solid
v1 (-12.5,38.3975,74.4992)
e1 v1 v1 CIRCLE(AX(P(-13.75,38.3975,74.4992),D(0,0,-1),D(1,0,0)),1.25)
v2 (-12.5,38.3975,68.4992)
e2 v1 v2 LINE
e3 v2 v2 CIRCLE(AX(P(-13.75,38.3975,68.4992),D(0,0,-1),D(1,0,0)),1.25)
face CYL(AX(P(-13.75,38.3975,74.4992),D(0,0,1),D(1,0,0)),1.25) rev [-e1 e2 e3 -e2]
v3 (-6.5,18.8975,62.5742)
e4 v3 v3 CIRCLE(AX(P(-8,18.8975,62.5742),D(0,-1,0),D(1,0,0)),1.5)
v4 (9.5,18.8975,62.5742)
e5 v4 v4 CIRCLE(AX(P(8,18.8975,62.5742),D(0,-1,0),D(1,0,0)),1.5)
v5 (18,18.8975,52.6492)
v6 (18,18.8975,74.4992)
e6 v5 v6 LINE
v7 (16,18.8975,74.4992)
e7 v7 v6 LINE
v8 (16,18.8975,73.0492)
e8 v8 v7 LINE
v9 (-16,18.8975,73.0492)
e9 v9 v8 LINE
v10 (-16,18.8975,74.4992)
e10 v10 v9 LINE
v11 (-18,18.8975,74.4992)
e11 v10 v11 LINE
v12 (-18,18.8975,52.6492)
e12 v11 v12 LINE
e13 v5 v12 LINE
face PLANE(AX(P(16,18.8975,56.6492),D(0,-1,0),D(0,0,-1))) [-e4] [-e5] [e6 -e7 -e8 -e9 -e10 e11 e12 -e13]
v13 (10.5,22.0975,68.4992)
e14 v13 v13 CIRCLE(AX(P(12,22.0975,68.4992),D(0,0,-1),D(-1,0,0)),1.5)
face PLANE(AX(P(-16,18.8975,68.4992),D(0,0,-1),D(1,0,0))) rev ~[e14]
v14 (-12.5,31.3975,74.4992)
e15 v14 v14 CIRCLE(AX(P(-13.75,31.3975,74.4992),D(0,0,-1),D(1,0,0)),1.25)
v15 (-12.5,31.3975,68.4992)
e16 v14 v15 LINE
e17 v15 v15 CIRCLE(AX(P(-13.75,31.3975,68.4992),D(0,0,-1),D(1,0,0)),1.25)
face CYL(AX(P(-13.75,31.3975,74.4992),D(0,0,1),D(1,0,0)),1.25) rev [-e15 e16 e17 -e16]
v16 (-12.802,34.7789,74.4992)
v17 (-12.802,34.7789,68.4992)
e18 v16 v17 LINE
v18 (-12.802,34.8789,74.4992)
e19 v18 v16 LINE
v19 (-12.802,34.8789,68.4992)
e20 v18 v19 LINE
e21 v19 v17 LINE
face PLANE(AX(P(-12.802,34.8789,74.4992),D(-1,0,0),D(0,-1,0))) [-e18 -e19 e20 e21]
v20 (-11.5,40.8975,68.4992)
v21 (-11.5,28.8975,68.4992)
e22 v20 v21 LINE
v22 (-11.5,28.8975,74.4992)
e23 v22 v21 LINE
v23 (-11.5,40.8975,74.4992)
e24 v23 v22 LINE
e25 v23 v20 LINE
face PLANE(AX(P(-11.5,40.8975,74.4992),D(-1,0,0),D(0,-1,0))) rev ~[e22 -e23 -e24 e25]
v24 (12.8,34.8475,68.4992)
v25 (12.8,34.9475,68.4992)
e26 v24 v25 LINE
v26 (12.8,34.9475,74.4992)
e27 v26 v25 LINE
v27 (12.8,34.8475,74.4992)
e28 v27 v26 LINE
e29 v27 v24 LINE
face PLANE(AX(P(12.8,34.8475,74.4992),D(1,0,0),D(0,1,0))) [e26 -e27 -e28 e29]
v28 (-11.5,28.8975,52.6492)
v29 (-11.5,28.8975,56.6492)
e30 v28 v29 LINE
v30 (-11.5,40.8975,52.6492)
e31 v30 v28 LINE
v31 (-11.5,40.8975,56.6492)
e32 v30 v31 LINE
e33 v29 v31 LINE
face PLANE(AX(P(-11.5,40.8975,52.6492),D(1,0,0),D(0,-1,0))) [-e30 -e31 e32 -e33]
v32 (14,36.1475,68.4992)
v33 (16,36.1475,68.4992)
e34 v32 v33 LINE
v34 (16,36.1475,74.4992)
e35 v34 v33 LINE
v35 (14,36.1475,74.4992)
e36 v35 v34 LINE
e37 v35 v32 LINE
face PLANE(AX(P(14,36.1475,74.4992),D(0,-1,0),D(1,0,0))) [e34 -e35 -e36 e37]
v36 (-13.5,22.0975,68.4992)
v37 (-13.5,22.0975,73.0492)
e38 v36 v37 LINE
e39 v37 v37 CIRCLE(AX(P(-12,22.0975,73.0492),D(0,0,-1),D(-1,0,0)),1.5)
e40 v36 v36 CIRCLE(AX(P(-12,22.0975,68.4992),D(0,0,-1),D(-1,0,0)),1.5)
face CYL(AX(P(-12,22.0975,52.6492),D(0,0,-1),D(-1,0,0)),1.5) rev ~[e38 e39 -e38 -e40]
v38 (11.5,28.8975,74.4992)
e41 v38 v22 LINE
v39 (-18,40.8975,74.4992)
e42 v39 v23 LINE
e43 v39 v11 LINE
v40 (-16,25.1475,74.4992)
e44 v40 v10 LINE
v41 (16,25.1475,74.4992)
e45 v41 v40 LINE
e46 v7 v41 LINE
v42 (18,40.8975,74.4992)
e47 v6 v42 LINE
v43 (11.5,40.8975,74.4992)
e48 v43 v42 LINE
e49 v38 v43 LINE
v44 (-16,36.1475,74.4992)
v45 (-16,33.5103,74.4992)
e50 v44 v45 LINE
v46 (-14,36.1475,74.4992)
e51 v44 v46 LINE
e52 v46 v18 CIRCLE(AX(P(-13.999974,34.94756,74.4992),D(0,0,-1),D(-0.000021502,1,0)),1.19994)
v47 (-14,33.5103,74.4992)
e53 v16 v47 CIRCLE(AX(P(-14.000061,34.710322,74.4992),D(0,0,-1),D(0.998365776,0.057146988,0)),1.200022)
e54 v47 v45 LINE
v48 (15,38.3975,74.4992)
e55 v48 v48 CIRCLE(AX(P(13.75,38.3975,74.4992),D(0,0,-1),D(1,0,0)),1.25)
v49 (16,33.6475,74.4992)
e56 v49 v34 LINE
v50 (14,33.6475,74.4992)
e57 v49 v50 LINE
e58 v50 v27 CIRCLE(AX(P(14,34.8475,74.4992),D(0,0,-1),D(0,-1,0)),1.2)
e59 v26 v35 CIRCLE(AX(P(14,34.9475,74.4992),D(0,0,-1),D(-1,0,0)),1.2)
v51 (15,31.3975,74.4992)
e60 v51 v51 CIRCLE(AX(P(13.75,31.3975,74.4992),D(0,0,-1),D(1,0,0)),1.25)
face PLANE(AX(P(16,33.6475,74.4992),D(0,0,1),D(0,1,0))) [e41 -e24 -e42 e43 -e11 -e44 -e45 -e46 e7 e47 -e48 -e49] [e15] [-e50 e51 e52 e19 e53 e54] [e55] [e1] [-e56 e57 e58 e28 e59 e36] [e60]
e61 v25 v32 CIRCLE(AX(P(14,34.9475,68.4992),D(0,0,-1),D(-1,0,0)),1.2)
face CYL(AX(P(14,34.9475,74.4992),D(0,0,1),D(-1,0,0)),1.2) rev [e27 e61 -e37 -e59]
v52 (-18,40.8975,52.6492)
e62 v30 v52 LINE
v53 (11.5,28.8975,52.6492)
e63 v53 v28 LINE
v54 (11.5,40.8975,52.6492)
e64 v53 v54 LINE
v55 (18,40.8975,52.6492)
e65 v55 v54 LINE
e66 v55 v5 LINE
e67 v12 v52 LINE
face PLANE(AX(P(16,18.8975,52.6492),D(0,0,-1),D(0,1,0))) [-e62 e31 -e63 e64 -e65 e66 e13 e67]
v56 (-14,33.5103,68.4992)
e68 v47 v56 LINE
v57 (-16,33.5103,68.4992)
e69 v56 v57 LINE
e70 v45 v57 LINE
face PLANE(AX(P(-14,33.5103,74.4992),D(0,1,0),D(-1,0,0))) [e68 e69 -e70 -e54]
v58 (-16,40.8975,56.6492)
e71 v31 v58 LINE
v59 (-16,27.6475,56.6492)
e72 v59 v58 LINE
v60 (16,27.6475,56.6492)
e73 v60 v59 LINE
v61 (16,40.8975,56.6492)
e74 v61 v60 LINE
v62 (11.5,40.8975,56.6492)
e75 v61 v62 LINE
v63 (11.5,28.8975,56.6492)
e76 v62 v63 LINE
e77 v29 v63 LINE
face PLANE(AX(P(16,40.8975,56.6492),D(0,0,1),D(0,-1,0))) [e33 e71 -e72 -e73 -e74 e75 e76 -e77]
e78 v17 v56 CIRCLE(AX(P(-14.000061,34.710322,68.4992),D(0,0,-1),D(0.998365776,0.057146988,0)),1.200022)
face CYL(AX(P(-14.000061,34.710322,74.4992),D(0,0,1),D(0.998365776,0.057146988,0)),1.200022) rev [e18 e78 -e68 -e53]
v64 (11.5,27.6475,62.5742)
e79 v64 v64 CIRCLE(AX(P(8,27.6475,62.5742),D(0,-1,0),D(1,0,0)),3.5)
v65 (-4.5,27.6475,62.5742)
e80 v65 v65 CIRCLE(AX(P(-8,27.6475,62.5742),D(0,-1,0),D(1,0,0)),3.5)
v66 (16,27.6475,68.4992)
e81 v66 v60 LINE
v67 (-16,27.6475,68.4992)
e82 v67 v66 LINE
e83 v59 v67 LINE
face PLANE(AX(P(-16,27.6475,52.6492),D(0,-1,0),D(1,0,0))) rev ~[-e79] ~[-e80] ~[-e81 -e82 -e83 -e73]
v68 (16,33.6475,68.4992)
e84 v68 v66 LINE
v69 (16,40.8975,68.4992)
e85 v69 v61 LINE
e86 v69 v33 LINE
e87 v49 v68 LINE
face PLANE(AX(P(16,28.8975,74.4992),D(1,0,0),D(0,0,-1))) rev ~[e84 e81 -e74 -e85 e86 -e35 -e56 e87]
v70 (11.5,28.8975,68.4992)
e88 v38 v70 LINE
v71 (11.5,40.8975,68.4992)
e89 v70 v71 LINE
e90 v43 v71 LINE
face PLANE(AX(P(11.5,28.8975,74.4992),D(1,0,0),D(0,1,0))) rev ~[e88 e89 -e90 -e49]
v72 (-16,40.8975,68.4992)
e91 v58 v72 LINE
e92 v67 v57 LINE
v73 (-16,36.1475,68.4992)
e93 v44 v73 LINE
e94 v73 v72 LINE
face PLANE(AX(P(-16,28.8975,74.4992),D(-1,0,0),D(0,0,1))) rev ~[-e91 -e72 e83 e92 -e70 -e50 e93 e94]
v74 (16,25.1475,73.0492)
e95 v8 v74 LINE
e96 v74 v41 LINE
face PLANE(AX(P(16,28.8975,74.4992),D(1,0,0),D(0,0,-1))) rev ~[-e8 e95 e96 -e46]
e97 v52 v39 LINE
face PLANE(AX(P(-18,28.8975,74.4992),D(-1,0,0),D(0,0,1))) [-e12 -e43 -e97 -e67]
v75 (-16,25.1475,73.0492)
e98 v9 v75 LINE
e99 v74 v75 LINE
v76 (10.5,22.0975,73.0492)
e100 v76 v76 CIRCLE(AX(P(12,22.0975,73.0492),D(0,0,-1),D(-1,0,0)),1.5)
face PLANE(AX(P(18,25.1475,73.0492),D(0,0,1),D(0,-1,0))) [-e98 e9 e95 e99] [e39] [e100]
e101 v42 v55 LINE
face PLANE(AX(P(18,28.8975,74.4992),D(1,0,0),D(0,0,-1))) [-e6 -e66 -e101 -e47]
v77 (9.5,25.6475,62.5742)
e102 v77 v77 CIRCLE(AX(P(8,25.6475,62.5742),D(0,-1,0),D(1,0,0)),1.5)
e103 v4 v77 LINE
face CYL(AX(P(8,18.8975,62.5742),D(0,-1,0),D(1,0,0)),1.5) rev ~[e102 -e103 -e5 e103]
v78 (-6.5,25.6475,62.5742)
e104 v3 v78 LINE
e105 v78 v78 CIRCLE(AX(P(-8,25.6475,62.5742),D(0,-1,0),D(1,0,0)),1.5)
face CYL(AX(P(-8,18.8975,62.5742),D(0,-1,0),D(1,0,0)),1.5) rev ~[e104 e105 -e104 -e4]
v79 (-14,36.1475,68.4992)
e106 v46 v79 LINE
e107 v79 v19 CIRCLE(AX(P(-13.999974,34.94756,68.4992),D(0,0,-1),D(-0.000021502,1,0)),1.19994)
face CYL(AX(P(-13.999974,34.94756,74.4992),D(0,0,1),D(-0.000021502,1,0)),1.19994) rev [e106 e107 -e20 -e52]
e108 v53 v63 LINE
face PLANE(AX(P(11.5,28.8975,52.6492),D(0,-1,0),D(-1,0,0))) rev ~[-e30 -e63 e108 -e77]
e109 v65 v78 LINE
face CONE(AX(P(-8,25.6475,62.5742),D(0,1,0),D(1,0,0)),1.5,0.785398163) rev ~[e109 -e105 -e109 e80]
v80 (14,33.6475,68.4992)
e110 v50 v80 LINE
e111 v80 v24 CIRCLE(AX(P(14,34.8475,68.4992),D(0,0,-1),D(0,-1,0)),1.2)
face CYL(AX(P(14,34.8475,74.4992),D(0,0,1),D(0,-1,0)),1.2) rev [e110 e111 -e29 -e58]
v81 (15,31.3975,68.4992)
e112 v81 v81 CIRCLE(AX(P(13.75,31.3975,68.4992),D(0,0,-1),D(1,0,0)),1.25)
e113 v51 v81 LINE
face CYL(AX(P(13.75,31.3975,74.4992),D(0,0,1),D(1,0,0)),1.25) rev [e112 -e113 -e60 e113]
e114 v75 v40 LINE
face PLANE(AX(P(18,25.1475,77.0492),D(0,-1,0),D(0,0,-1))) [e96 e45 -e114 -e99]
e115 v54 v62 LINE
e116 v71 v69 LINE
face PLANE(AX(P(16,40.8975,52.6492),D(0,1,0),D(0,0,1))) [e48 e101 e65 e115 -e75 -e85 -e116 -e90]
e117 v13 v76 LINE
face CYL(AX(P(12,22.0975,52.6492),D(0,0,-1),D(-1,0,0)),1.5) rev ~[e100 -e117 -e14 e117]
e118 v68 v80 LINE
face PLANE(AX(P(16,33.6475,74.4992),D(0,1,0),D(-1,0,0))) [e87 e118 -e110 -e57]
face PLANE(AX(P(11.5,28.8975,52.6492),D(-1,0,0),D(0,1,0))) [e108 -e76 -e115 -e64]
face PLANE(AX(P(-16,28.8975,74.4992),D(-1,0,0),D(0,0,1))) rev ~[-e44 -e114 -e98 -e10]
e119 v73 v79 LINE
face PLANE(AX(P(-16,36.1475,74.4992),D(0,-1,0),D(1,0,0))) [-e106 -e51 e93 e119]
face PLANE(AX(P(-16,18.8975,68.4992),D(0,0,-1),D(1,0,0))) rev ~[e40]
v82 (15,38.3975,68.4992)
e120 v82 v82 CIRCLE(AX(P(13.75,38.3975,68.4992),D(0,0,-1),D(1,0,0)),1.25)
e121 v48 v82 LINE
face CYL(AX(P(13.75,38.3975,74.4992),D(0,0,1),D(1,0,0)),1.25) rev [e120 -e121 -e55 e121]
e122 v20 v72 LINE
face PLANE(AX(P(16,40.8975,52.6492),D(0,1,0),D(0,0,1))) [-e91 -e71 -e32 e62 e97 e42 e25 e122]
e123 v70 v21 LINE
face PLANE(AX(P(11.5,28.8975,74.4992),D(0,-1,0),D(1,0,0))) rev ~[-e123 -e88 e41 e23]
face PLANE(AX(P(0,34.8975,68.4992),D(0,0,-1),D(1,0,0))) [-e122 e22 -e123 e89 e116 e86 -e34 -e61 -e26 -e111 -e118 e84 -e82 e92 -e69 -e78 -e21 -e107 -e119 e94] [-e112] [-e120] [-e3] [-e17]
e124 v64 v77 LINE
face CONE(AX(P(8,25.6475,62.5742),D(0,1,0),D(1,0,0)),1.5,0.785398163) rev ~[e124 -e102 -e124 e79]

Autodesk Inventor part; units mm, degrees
ref_plane "РабПлоскость1" through (0, 34.8975, 74.4992) normal (0, 0, -1) x (1, 0, 0)
sketch "Эскиз1" plane through (0, 34.8975, 74.4992) normal (0, 0, -1) x (1, 0, 0)
  line L0 (11.5, 6) -> (11.5, -6) projected
  line L1 (15, -6) -> (11.5, -6) projected
  arc A0 (15, -6) -> (16, -5) centre (15, -5) ccw projected
  line L2 (16, -1.25) -> (16, -5) projected
  line L3 (14, -1.25) -> (16, -1.25) projected
  arc A1 (12.8, -0.05) -> (14, -1.25) centre (14, -0.05) ccw projected
  line L4 (12.8, 0.05) -> (12.8, -0.05) projected
  arc A2 (14, 1.25) -> (12.8, 0.05) centre (14, 0.05) ccw projected
  line L5 (16, 1.25) -> (14, 1.25) projected
  line L6 (16, 5) -> (16, 1.25) projected
  arc A3 (16, 5) -> (15, 6) centre (15, 5) ccw projected
  line L7 (11.5, 6) -> (15, 6) projected
  circle A4 centre (13.75, 3.5) radius 1.25 projected
  circle A5 centre (13.75, -3.5) radius 1.25 projected
  line L8 (-11.5, -6) -> (-11.5, 6) projected
  line L9 (-15, 6) -> (-11.5, 6) projected
  arc A6 (-15, 6) -> (-16, 5) centre (-15, 5) ccw projected
  line L10 (-16, 1.3872) -> (-16, 5) projected
  line L11 (-14, 1.3872) -> (-16, 1.3872) projected
  arc A7 (-12.802, 0.1186) -> (-14, 1.3872) centre (-14, 0.1872) ccw projected
  line L12 (-12.802, 0.0186) -> (-12.802, 0.1186) projected
  arc A8 (-14, -1.25) -> (-12.802, 0.0186) centre (-14, -0.05) ccw projected
  line L13 (-16, -1.25) -> (-14, -1.25) projected
  line L14 (-16, -5) -> (-16, -1.25) projected
  arc A9 (-16, -5) -> (-15, -6) centre (-15, -5) ccw projected
  line L15 (-11.5, -6) -> (-15, -6) projected
  circle A10 centre (-13.75, 3.5) radius 1.25 projected
  circle A11 centre (-13.75, -3.5) radius 1.25 projected
  line L16 (16, 5) -> (16, 6)
  line L17 (16, 6) -> (15, 6)
  line L18 (-16, 5) -> (-16, 6)
  line L19 (-16, 6) -> (-15, 6)
  line L20 (16, -5) -> (16, -6)
  line L21 (16, -6) -> (15, -6)
  line L22 (-16, -5) -> (-16, -6)
  line L23 (-16, -6) -> (-15, -6)
  point P0 (0, 34.8975)
extrude "Выдавливание1" add sketch "Эскиз1" along normal blind 6
sketch "Эскиз3" plane through (11.5, 28.8975, 74.4992) normal (0, -1, 0) x (1, 0, 0)
  line L0 (-23, 0) -> (-23, -6) projected
  line L1 (-23, -6) -> (-23, 0)
  line L2 (-23, 0) -> (-27.5, 0)
  line L3 (0, -6) -> (-23, -6)
  line L4 (-23, -6) -> (-23, 0)
  line L5 (-23, 0) -> (0, 0)
  line L6 (-23, -6) -> (-27.5, -6) projected
  line L7 (-23, -6) -> (-27.5, -6)
  line L8 (-27.5, -6) -> (-27.5, 0)
  line L9 (0, 0) -> (4.5, 0)
  line L10 (0, -6) -> (0, 0)
  line L11 (4.5, 0) -> (4.5, -6)
  line L12 (4.5, -6) -> (0, -6)
  point P0 (-11.5, -74.4992)
  point P1 (4.5, 0)
extrude "Выдавливание2" add sketch "Эскиз3" along normal blind 30
ref_plane "РабПлоскость2" through (-11.5, 28.8975, 52.6492) normal (0, 0, -1) x (0, 1, 0)
ref_plane "РабПлоскость3" through (-11.5, 28.8975, 52.6492) normal (0, 0, -1) x (0, 1, 0)
ref_plane "РабПлоскость6" through (-16, 2.8975, 68.4992) normal (0, 1, 0) x (1, 0, 0)
ref_plane "РабПлоскость4" through (-15, 28.8975, 52.6492) normal (0, -1, 0) x (1, 0, 0)
ref_plane "РабПлоскость8" through (-16, 2.8975, 68.4992) normal (0, 1, 0) x (1, 0, 0)
ref_plane "РабПлоскость5" through (-16, 2.8975, 68.4992) normal (0, 1, 0) x (1, 0, 0)
ref_plane "РабПлоскость7" through (16, 28.8975, 74.4992) normal (1, 0, 0) x (0, 0, -1)
ref_plane "РабПлоскость9" through (16, 28.8975, 74.4992) normal (-1, 0, 0) x (0, 0, 1)
ref_plane "РабПлоскость10" through (-16, 28.8975, 74.4992) normal (-1, 0, 0) x (0, 0, 1)
sketch "Эскиз14" plane through (11.5, -1.1025, 74.4992) normal (0, -1, 0) x (1, 0, 0)
  circle A0 centre (-3.5, -11.925) radius 2 projected
  circle A1 centre (-19.5, -11.925) radius 2 projected
  circle A2 centre (-3.5, -11.925) radius 1.5
  circle A3 centre (-19.5, -11.925) radius 1.5
  point P0 (-11.5, -74.4992)
  dimension "d38" = 3
  dimension "d39" = 3
extrude "Выдавливание12" add sketch "Эскиз14" against normal blind 4
ref_plane "РабПлоскость14" through (18, 28.8975, 74.4992) normal (1, 0, 0) x (0, 0, -1)
sketch "Эскиз15" plane through (18, 28.8975, 74.4992) normal (1, 0, 0) x (0, 0, -1)
  line L0 (1.45, -3.75) -> (1.45, -63.75) projected
  line L1 (-2.55, -3.75) -> (1.45, -3.75) projected
  line L2 (-2.55, -3.75) -> (1.45, -3.75)
  line L3 (1.45, -3.75) -> (1.45, -34.5952)
  line L4 (1.45, -34.5952) -> (-2.55, -34.5952)
  line L5 (-2.55, -34.5952) -> (-2.55, -3.75)
  point P0 (74.4992, -28.8975)
extrude "Выдавливание13" cut sketch "Эскиз15" against normal blind 100
ref_plane "РабПлоскость13" through (16, 2.8975, 68.4992) normal (0, 1, 0) x (1, 0, 0)
ref_plane "РабПлоскость12" through (-18, 28.8975, 74.4992) normal (-1, 0, 0) x (0, 0, 1)
ref_plane "РабПлоскость11" through (16, 28.8975, 52.6492) normal (0, 0, -1) x (-1, 0, 0)
sketch "Эскиз18" plane through (16, 28.8975, 52.6492) normal (0, 0, -1) x (-1, 0, 0)
  circle A0 centre (4, -6.8) radius 1.5 projected
  circle A1 centre (28, -6.8) radius 1.5 projected
  point P0 (16, -28.8975)
extrude "Выдавливание16" cut sketch "Эскиз18" along normal mid plane 73
sketch "Эскиз19" plane through (0, 34.8975, 68.4992) normal (0, 0, -1) x (-1, 0, 0)
  line L0 (-16, -36) -> (16, -36) projected
  line L1 (16, -1.3872) -> (16, -36) projected
  line L2 (-16, -36) -> (16, -36)
  line L3 (16, -36) -> (16, -16)
  line L4 (16, -16) -> (-16, -16)
  line L5 (-16, -16) -> (-16, -36)
  point P0 (0, -34.8975)
  point P1 (11.5, -36)
  point P2 (16, -36)
  dimension "d57" = 20
extrude "Выдавливание17" cut sketch "Эскиз19" along normal mid plane 200
sketch "Эскиз13" plane through (-16, 28.8975, 74.4992) normal (-1, 0, 0) x (0, 0, 1)
  line L0 (-21.85, 12) -> (0, 12)
  line L1 (0, 12) -> (0, -10)
  line L2 (0, -10) -> (-21.85, -10)
  line L3 (-21.85, -10) -> (-21.85, 12)
  line L4 (0, 4.6128) -> (0, -3.75) projected
  point P0 (-74.4992, -28.8975)
  point P1 (0, 12)
  point P2 (-21.85, -30)
  dimension "d60" = 21.85
  dimension "d61" = 22
  dimension "d62" = 0
sketch "Эскиз10" plane through (16, 28.8975, 74.4992) normal (1, 0, 0) x (0, 0, -1)
  line L0 (0, 12) -> (21.85, 12)
  line L1 (21.85, 12) -> (21.85, -10)
  line L2 (21.85, -10) -> (0, -10)
  line L3 (0, -10) -> (0, 12)
  line L4 (0, 12) -> (6, 12) projected
  line L5 (0, 4.75) -> (0, -3.75) projected
  point P0 (74.4992, -28.8975)
  point P1 (21.85, -30)
  dimension "d63" = 21.85
  dimension "d64" = 22
  dimension "d65" = 0
  dimension "d66" = 0
extrude "Выдавливание18" add sketch "Эскиз13" along normal blind 2
extrude "Выдавливание19" add sketch "Эскиз10" along normal blind 2
sketch "Эскиз20" plane through (-16, 18.8975, 52.6492) normal (0, -1, 0) x (1, 0, 0)
  line L0 (32, 4) -> (0, 4)
  line L1 (0, 4) -> (0, 15.85)
  line L2 (0, 15.85) -> (32, 15.85)
  line L3 (32, 15.85) -> (32, 4)
  line L4 (0, 0) -> (0, 15.85) projected
  line L5 (32, 15.85) -> (0, 15.85) projected
  circle A0 centre (24, 9.925) radius 1.5
  circle A1 centre (8, 9.925) radius 1.5
  point P0 (16, -52.6492)
  dimension "d71" = 32
  dimension "d72" = 11.85
  dimension "d73" = 0
  dimension "d74" = 0
  dimension "d75" = 3
  dimension "d76" = 3
  dimension "d77" = 8
  dimension "d78" = 8
  dimension "d79" = 5.925
  dimension "d80" = 5.925
extrude "Выдавливание20" add sketch "Эскиз20" against normal blind 8.75
sketch "Эскиз21" plane through (16, 28.8975, 74.4992) normal (-1, 0, 0) x (0, 0, 1)
  line L0 (-21.85, 12) -> (-17.85, 12)
  line L1 (-17.85, 12) -> (-17.85, -10)
  line L2 (-17.85, -10) -> (-21.85, -10)
  line L3 (-21.85, -10) -> (-21.85, 12)
  line L4 (-17.85, -10) -> (-21.85, -10) projected
  line L5 (-17.85, -10) -> (-17.85, -1.25) projected
  point P0 (-74.4992, -28.8975)
  point P1 (-19.85, -10)
  dimension "d83" = 4
  dimension "d84" = 22
  dimension "d85" = 0
  dimension "d86" = 0
extrude "Выдавливание21" add sketch "Эскиз21" along normal blind 32.5
sketch "Эскиз22" plane through (-18, 18.8975, 52.6492) normal (0, 0, -1) x (-1, 0, 0)
  line L0 (-29.5, 10) -> (-29.5, 22) projected
  line L1 (-6.5, 22) -> (-6.5, 10) projected
  line L2 (-29.5, 10) -> (-6.5, 10)
  line L3 (-6.5, 10) -> (-6.5, 22)
  line L4 (-6.5, 22) -> (-29.5, 22)
  line L5 (-29.5, 22) -> (-29.5, 10)
  point P0 (-18, -18.8975)
extrude "Выдавливание22" cut sketch "Эскиз22" against normal blind 32.5
chamfer "Фаска1" distance 2 angle 45 2 edges at (6.5, 27.6475, 62.5742) (-9.5, 27.6475, 62.5742)
properties part number "держатель сервомоторчика"
